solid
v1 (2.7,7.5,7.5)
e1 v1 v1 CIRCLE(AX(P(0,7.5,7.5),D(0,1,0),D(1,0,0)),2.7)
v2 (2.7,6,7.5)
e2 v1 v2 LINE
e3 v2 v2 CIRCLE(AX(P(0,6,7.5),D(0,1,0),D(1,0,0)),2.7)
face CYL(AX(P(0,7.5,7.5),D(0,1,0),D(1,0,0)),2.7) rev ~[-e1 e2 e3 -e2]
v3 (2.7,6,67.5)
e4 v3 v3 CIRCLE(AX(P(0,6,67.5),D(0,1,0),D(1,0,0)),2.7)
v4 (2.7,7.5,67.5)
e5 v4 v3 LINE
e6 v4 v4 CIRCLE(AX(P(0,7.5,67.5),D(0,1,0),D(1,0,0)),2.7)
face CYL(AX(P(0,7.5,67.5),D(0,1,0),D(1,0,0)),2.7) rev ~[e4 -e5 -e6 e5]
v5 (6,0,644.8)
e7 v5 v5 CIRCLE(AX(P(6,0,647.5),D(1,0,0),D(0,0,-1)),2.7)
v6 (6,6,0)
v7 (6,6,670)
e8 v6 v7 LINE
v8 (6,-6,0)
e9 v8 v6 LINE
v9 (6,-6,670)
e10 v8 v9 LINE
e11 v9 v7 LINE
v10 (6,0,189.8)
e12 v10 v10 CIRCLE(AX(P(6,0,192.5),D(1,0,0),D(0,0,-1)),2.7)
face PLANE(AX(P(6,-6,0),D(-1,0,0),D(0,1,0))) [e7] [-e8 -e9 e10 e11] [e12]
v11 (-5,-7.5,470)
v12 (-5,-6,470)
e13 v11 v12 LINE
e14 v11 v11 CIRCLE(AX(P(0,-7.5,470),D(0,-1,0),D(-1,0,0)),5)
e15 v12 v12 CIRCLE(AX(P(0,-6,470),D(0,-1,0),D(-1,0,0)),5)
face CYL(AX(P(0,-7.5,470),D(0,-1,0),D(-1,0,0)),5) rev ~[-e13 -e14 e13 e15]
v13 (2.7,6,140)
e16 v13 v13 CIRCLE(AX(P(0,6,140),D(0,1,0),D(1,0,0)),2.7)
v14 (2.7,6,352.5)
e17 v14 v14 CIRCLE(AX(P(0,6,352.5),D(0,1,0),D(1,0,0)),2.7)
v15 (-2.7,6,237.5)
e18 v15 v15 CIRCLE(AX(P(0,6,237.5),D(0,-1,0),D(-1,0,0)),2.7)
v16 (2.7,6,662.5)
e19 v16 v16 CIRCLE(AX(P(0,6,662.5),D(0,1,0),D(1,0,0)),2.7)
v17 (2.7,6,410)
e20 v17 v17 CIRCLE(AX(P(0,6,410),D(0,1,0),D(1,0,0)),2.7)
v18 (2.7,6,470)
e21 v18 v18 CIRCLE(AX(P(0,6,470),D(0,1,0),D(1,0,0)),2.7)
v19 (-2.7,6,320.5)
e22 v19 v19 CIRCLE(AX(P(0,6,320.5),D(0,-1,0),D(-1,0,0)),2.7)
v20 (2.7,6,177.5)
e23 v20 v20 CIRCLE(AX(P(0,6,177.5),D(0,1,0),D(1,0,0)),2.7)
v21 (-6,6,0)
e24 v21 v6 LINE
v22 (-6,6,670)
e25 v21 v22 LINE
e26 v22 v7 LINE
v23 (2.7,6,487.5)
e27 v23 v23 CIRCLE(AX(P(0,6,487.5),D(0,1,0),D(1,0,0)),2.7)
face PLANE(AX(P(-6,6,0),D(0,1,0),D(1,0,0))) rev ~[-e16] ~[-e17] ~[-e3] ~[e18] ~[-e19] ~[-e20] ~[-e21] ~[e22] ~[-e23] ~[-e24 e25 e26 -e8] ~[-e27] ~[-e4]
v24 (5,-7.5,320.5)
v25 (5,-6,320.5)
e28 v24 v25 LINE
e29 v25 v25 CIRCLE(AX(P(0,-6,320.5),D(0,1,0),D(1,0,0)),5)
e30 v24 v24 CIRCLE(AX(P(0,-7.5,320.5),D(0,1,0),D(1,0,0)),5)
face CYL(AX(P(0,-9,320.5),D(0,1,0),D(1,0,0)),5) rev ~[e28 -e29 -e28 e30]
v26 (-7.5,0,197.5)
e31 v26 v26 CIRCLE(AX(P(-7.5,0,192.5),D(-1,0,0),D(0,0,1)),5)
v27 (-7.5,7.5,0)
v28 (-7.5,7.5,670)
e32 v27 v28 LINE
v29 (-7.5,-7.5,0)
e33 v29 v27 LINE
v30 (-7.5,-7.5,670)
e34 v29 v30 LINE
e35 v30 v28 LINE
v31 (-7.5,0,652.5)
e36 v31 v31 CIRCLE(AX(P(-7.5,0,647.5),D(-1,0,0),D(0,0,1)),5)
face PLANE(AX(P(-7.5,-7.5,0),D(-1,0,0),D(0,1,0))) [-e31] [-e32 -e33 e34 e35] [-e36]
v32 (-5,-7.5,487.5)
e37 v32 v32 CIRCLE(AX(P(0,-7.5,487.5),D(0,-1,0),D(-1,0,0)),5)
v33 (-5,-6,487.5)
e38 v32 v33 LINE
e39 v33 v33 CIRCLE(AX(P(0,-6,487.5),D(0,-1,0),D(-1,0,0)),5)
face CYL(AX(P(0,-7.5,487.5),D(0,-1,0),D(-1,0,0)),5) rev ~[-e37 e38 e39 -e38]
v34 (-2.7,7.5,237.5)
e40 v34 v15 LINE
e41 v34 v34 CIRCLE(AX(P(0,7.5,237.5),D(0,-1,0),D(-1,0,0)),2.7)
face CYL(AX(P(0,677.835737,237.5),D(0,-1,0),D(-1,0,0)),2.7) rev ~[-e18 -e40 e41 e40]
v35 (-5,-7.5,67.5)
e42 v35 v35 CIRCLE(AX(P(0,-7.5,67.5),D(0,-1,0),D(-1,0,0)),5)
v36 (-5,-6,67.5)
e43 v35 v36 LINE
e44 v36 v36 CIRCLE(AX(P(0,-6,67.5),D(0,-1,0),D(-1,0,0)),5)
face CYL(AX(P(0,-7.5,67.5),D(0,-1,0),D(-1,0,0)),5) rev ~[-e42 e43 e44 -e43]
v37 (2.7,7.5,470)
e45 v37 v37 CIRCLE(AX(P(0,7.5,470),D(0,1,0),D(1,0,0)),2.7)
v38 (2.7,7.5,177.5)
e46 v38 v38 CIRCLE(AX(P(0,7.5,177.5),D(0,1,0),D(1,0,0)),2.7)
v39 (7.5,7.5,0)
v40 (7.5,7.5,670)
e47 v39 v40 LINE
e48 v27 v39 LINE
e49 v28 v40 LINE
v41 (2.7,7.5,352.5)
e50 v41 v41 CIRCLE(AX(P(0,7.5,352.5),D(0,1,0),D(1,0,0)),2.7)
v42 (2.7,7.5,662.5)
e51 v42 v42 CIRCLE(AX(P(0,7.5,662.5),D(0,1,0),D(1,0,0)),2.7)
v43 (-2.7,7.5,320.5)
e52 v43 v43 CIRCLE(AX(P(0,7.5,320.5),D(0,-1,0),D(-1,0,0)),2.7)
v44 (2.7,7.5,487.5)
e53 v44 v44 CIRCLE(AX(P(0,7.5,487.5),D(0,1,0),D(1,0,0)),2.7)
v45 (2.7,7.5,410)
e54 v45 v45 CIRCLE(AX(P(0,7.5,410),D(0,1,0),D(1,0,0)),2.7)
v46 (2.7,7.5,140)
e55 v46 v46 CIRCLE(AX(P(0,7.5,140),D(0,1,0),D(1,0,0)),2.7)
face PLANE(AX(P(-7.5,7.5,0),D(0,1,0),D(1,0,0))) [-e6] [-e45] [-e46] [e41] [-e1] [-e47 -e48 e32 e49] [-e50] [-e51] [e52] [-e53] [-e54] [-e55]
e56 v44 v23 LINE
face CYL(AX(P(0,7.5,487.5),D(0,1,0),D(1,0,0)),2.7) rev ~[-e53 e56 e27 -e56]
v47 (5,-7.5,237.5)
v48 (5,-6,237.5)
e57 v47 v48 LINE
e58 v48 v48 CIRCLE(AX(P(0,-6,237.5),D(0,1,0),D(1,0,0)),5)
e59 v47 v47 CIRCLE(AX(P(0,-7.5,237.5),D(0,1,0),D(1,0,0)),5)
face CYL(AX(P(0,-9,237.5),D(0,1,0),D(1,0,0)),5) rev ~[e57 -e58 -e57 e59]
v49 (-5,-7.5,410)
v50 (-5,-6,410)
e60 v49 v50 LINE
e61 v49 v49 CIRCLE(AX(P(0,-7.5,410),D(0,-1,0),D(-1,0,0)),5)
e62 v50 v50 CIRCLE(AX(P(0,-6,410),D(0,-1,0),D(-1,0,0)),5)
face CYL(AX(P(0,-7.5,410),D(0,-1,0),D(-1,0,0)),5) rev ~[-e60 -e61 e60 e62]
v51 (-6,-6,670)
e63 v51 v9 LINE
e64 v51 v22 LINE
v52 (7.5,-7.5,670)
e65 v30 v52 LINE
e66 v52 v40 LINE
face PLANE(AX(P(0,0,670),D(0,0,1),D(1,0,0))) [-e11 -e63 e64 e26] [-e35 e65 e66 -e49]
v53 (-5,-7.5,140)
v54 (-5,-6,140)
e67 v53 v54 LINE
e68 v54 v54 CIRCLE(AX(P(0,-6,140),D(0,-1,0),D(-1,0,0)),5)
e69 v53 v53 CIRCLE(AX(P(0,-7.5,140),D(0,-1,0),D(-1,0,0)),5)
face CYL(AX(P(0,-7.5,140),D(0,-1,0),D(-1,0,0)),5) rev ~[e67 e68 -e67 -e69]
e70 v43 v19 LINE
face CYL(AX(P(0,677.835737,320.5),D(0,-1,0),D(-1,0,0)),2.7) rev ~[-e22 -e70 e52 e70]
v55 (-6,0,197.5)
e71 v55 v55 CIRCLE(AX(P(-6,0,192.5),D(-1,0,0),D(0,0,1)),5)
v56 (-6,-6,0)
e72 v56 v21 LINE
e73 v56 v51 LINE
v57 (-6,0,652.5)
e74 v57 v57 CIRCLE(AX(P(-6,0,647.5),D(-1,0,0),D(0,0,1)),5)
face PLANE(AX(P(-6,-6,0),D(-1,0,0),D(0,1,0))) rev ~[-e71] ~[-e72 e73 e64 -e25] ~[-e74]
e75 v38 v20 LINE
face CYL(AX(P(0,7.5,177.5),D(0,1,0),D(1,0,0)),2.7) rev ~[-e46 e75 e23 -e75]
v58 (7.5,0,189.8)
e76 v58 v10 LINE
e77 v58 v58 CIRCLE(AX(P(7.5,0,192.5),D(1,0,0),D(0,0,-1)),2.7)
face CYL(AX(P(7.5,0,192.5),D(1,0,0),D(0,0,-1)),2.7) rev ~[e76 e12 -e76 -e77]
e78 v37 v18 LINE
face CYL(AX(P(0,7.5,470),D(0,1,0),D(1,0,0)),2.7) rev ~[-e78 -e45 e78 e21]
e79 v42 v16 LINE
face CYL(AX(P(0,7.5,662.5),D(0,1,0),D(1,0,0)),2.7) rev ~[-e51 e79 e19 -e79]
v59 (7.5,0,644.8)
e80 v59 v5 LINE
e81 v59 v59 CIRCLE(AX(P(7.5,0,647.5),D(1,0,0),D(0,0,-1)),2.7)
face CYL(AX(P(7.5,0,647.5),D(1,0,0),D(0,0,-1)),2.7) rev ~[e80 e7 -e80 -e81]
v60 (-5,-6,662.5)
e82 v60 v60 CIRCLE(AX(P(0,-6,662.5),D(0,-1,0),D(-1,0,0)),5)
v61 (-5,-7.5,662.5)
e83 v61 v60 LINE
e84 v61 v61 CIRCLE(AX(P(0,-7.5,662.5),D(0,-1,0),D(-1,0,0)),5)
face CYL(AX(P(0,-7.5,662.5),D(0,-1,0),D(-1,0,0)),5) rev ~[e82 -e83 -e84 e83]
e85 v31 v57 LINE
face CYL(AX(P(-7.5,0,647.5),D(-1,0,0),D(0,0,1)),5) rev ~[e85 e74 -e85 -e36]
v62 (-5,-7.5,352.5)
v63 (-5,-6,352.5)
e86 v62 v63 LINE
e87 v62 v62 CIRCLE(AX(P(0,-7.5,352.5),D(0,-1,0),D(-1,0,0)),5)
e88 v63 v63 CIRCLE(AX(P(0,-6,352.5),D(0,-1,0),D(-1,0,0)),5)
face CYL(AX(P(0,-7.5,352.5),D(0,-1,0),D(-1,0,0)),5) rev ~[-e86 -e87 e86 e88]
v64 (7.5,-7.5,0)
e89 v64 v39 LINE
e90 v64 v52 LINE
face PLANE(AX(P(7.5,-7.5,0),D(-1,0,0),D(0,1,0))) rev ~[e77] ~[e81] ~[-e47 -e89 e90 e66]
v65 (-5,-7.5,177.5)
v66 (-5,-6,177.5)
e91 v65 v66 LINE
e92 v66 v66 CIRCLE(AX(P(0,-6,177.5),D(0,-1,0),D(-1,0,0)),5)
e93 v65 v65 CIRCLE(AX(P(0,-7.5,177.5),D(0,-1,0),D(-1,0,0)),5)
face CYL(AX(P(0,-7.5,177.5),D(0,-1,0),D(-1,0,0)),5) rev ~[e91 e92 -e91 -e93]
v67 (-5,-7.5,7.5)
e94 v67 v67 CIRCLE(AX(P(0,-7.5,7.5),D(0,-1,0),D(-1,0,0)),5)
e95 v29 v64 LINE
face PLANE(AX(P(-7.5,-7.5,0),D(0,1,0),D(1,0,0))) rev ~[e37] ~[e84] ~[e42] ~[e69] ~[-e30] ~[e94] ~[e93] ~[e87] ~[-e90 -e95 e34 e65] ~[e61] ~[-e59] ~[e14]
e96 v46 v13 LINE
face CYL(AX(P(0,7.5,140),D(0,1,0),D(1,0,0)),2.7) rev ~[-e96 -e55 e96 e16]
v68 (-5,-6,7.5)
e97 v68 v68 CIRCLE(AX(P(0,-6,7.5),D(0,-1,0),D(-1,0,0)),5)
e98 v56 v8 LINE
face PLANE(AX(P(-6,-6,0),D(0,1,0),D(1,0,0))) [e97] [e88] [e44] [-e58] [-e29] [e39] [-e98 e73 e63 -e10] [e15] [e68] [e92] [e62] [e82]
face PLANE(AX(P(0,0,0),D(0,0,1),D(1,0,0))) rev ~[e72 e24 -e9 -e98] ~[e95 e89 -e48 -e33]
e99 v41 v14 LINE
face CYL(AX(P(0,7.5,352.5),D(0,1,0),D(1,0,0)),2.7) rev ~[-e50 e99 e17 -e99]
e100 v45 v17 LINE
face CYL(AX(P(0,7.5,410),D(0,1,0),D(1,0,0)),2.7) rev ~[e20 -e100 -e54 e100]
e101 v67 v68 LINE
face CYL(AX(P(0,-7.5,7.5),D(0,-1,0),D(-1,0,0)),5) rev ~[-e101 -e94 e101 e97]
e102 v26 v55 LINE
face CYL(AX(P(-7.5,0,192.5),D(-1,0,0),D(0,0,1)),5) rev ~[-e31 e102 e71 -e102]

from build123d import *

# Parameters (mm, degrees)
SKETCH_1_W                  = 15
SKETCH_1_H                  = 15
SKETCH_1_W_2                = 12
SKETCH_1_H_2                = 12
EXTRUDE_1_DEPTH             = 670
SKETCH_4_R                  = 2.7
CUT_EXTRUDE_3_DEPTH         = 20
SKETCH_3_R                  = 2.7
CUT_EXTRUDE_4_DEPTH         = 30
SKETCH_5_R                  = 2.7
CUT_EXTRUDE_5_DEPTH         = 40
SKETCH_6_R                  = 5
CUT_EXTRUDE_6_DEPTH         = 10
SKETCH_7_R                  = 5
CUT_EXTRUDE_7_DEPTH         = 10
HOLE_WIZARD_5_4_5_4_1_D     = 5.4
HOLE_WIZARD_10_0_10_1_D     = 10
HOLE_WIZARD_10_0_10_1_DEPTH = 1.5
HOLE_WIZARD_10_0_10_1_TIP   = 3.004303095


with BuildPart() as part:
    # ｽｹｯﾁ1 → ﾎﾞｽ - 押し出し1 (new body)
    with BuildSketch(Plane.XY):
        Rectangle(SKETCH_1_W, SKETCH_1_H)
        Rectangle(SKETCH_1_W_2, SKETCH_1_H_2, mode=Mode.SUBTRACT)
    extrude(amount=EXTRUDE_1_DEPTH)

    # ｽｹｯﾁ4 → ｶｯﾄ - 押し出し3 (cut)
    with BuildSketch(Plane(origin=(7.5, 0, 0), x_dir=(0, 0, -1), z_dir=(1, 0, 0))):
        with Locations((-647.5, 0)):
            Circle(SKETCH_4_R)
        with Locations((-192.5, 0)):
            Circle(SKETCH_4_R)
    extrude(amount=-CUT_EXTRUDE_3_DEPTH, mode=Mode.SUBTRACT)

    # ｽｹｯﾁ3 → ｶｯﾄ - 押し出し4 (cut)
    with BuildSketch(Plane(origin=(0, 7.5, 0), x_dir=(1, 0, 0), z_dir=(0, 1, 0))):
        with Locations((0, -177.5)):
            Circle(SKETCH_3_R)
        with Locations((0, -487.5)):
            Circle(SKETCH_3_R)
        with Locations((0, -352.5)):
            Circle(SKETCH_3_R)
        with Locations((0, -662.5)):
            Circle(SKETCH_3_R)
        with Locations((0, -140)):
            Circle(SKETCH_3_R)
    extrude(amount=-CUT_EXTRUDE_4_DEPTH, mode=Mode.SUBTRACT)

    # ｽｹｯﾁ5 → ｶｯﾄ - 押し出し5 (cut)
    with BuildSketch(Plane(origin=(0, 7.5, 0), x_dir=(1, 0, 0), z_dir=(0, 1, 0))):
        with Locations((0, -7.5)):
            Circle(SKETCH_5_R)
        with Locations((0, -67.5)):
            Circle(SKETCH_5_R)
        with Locations((0, -410)):
            Circle(SKETCH_5_R)
        with Locations((0, -470)):
            Circle(SKETCH_5_R)
    extrude(amount=-CUT_EXTRUDE_5_DEPTH, mode=Mode.SUBTRACT)

    # ｽｹｯﾁ6 → ｶｯﾄ - 押し出し6 (cut)
    with BuildSketch(Plane(origin=(0, -7.5, 0), x_dir=(-1, 0, 0), z_dir=(0, -1, 0))):
        with Locations((0, -662.5)):
            Circle(SKETCH_6_R)
        with Locations((0, -177.5)):
            Circle(SKETCH_6_R)
        with Locations((0, -352.5)):
            Circle(SKETCH_6_R)
        with Locations((0, -487.5)):
            Circle(SKETCH_6_R)
        with Locations((0, -470)):
            Circle(SKETCH_6_R)
        with Locations((0, -410)):
            Circle(SKETCH_6_R)
        with Locations((0, -7.5)):
            Circle(SKETCH_6_R)
        with Locations((0, -67.5)):
            Circle(SKETCH_6_R)
        with Locations((0, -140)):
            Circle(SKETCH_6_R)
    extrude(amount=-CUT_EXTRUDE_6_DEPTH, mode=Mode.SUBTRACT)

    # ｽｹｯﾁ7 → ｶｯﾄ - 押し出し7 (cut)
    with BuildSketch(Plane.ZY.offset(7.5)):
        with Locations((192.5, 0)):
            Circle(SKETCH_7_R)
        with Locations((647.5, 0)):
            Circle(SKETCH_7_R)
    extrude(amount=-CUT_EXTRUDE_7_DEPTH, mode=Mode.SUBTRACT)

    # Ø5.4 (5.4) 直径の穴1 (through all)
    with Locations(Plane(origin=(0, 7.5, 0), x_dir=(1, 0, 0), z_dir=(0, 1, 0))):
        with Locations((0, -237.5), (0, -320.5)):
            Hole(HOLE_WIZARD_5_4_5_4_1_D / 2)

    # Ø10.0 (10) 直径の穴1
    with Locations(Plane(origin=(0, -7.5, 0), x_dir=(-1, 0, 0), z_dir=(0, -1, 0))):
        with Locations((0, -237.5), (0, -320.5)):
            Hole(HOLE_WIZARD_10_0_10_1_D / 2, depth=HOLE_WIZARD_10_0_10_1_DEPTH)
            with Locations((0, 0, -(HOLE_WIZARD_10_0_10_1_DEPTH + HOLE_WIZARD_10_0_10_1_TIP / 2))):  # 118° drill point
                Cone(0, HOLE_WIZARD_10_0_10_1_D / 2, HOLE_WIZARD_10_0_10_1_TIP, mode=Mode.SUBTRACT)


solid = part.part
